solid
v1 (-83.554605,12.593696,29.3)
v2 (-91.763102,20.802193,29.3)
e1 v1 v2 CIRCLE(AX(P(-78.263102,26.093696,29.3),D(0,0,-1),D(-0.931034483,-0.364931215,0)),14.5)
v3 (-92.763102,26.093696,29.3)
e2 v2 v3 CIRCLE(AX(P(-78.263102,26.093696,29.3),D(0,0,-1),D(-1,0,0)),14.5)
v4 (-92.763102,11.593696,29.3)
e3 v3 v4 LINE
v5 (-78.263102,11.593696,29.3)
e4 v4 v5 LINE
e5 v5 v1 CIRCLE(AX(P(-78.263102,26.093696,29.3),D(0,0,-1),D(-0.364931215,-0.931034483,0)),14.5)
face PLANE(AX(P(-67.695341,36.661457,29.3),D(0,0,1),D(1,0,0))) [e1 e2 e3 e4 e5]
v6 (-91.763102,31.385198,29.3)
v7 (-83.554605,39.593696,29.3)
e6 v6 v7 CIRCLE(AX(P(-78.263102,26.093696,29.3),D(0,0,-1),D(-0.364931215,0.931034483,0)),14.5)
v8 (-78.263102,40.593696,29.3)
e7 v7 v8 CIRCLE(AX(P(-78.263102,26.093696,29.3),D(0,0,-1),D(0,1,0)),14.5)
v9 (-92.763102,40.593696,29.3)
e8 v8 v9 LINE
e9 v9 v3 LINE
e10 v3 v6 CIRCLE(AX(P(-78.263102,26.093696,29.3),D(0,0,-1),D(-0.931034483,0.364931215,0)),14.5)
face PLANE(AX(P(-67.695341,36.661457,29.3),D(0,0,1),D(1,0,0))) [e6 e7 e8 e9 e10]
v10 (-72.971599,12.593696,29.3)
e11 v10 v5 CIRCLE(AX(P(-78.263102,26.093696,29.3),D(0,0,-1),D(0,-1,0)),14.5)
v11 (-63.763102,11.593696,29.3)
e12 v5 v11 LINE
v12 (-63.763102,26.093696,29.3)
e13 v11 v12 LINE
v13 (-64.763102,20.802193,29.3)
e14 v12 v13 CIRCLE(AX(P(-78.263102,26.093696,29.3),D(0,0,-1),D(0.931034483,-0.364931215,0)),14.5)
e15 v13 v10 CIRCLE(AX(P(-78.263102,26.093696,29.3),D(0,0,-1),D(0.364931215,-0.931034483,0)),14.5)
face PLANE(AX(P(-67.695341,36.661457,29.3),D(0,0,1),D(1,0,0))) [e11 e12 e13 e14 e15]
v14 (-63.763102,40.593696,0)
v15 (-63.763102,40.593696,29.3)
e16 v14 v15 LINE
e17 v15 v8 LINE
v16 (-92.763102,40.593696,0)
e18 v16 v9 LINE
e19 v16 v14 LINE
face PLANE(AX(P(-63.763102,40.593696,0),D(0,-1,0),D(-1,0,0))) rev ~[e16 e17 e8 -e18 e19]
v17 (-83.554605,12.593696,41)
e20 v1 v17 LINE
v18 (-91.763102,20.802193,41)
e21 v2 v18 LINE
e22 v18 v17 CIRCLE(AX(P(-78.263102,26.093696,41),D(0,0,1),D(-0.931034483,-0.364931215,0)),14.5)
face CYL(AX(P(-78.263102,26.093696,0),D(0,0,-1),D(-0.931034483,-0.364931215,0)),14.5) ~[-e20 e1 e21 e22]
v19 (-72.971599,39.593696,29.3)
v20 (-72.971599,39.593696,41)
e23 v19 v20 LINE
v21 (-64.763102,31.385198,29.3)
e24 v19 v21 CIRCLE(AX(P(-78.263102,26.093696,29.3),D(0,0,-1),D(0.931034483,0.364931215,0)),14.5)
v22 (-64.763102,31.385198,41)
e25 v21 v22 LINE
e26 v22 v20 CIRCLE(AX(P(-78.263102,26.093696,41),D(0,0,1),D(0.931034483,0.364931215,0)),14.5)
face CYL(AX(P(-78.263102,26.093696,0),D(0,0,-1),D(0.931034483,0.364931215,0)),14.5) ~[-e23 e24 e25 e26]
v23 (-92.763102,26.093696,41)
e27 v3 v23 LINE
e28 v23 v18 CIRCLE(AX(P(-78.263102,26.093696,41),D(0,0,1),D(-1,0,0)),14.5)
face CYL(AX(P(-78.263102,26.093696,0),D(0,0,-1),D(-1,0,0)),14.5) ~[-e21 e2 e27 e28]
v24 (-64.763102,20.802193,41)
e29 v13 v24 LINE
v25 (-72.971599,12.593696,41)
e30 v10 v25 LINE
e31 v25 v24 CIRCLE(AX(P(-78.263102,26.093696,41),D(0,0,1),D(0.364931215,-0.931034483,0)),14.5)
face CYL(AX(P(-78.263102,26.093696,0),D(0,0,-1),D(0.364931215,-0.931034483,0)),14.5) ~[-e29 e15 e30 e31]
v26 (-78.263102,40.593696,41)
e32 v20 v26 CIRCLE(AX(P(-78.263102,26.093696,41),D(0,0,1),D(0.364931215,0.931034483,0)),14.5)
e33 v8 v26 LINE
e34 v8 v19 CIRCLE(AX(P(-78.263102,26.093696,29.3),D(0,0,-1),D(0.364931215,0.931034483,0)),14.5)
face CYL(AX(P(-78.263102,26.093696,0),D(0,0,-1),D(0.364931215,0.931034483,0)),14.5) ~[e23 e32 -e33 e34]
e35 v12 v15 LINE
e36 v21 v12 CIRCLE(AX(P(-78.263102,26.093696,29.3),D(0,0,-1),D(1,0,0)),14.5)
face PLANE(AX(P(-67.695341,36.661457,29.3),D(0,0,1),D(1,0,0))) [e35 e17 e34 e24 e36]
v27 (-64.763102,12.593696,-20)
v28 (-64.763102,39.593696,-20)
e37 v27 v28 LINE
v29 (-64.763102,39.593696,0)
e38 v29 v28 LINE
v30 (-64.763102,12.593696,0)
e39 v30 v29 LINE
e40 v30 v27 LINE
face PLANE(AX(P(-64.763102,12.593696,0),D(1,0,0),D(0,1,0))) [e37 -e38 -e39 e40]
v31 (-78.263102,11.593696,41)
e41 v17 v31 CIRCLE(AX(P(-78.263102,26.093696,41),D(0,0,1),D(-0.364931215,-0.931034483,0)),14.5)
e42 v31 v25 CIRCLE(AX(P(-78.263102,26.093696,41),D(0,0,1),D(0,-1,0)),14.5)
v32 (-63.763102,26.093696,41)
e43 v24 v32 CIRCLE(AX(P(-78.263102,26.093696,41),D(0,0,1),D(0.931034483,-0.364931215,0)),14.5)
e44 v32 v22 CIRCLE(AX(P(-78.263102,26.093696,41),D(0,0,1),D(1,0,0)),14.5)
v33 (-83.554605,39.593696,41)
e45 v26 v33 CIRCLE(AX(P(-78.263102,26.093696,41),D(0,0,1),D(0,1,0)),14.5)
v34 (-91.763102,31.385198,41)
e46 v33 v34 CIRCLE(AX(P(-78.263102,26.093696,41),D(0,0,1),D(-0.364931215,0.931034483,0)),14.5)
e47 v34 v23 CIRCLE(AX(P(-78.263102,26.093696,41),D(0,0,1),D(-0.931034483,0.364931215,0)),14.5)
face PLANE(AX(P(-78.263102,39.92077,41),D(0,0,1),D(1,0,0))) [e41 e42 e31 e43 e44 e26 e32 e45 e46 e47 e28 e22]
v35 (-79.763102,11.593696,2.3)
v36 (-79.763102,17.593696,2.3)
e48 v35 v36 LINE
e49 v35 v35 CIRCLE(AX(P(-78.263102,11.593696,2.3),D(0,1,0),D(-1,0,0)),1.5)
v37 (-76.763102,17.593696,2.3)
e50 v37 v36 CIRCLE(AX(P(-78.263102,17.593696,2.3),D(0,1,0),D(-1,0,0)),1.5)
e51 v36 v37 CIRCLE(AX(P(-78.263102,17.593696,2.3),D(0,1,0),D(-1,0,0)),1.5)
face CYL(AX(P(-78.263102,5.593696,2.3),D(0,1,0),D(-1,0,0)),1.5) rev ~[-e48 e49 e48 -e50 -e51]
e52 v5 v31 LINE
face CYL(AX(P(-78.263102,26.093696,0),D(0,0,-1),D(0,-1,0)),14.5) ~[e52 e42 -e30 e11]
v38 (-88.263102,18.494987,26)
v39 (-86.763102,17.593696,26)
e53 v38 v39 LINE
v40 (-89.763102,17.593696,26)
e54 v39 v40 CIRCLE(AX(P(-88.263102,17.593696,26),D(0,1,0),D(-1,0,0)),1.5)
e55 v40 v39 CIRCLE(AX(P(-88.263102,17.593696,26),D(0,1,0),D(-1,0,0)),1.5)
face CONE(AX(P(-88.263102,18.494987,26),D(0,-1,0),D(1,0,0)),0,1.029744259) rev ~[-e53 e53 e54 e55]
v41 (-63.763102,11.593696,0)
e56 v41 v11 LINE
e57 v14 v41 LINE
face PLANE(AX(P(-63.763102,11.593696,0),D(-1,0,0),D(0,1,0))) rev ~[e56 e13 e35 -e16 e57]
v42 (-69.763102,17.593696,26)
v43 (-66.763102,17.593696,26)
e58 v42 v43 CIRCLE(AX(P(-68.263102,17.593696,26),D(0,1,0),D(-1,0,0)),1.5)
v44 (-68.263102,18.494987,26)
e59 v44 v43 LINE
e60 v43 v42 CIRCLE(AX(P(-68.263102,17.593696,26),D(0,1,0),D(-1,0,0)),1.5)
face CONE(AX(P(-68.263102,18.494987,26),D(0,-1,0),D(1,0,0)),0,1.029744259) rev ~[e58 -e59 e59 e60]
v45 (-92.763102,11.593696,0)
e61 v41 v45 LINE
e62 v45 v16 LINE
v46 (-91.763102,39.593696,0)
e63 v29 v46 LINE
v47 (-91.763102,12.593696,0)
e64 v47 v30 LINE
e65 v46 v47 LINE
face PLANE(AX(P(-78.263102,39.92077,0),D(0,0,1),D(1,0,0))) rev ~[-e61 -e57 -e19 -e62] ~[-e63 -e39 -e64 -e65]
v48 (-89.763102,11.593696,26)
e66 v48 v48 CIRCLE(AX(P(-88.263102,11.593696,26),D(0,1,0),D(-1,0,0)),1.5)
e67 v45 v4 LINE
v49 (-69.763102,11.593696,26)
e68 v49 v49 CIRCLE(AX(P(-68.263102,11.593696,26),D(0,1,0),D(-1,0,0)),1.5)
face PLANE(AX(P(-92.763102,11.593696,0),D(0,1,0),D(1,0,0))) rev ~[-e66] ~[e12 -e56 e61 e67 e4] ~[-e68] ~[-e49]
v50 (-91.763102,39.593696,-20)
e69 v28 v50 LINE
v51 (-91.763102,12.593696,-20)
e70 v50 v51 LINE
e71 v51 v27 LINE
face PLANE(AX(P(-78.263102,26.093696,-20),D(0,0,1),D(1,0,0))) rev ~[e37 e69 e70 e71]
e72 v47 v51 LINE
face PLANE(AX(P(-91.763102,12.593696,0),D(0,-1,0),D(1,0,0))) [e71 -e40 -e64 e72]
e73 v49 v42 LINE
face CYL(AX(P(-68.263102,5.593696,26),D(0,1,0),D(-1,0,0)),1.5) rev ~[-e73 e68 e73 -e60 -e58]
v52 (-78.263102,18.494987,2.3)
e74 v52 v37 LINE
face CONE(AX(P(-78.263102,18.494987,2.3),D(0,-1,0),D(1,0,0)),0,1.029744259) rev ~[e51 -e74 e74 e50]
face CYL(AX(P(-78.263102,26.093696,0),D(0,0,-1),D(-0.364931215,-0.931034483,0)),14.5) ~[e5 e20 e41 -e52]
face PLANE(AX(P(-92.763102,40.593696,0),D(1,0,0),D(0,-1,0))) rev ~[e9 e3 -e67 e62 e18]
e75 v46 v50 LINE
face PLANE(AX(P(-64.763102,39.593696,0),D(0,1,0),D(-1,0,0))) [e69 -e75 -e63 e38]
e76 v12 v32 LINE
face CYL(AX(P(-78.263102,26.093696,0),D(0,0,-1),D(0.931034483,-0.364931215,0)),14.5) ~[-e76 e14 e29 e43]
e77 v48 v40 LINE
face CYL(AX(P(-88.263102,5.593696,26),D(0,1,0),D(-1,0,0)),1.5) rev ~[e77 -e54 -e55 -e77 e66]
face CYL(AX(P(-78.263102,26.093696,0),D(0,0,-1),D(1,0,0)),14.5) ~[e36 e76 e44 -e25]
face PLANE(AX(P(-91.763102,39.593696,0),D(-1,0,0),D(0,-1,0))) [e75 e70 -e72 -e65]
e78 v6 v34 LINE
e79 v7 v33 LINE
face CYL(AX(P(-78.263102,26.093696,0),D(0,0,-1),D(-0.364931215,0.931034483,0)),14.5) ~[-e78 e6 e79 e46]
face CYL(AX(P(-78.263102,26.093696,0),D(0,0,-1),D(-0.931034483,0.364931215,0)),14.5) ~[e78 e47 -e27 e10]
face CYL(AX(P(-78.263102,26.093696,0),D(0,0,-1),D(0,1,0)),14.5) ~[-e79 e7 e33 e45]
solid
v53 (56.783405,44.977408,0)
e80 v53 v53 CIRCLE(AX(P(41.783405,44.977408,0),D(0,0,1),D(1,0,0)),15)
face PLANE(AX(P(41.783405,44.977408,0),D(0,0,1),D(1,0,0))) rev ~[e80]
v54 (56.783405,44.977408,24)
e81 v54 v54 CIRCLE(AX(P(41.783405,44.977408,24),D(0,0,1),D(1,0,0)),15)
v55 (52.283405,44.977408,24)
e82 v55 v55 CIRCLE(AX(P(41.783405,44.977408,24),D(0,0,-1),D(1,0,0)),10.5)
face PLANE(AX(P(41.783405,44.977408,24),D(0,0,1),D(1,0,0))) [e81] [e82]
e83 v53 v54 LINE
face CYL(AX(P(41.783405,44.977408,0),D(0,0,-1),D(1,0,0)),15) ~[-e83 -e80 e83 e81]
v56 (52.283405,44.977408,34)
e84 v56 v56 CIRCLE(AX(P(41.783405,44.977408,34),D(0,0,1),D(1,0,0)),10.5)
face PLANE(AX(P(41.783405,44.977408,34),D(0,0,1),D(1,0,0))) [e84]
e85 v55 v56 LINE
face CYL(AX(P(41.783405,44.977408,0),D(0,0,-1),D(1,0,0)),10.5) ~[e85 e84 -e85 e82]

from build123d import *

# Parameters (mm, degrees)
F1_DEPTH = 29.3
F2_DEPTH = 41
F0_R     = 15
F0_R_2   = 10.5
F3_DEPTH = 24
F4_DEPTH = 34
F5_DEPTH = 20
F7_D     = 3
F7_DEPTH = 6
F7_TIP   = 0.9012909285


with BuildPart() as f1:
    # F0 (on Top) → F1 (new body)
    with BuildSketch(Plane.XY):
        with BuildLine():
            Line((-63.763101964, 40.5936958569), (-78.263101964, 40.5936958569))
            ThreePointArc((-78.263101964, 40.5936958569), (-75.5705195605, 40.3415027057), (-72.9715993419, 39.5936958569))
            Line((-72.9715993419, 39.5936958569), (-64.763101964, 39.5936958569))
            Line((-64.763101964, 39.5936958569), (-64.763101964, 31.3851984791))
            ThreePointArc((-64.763101964, 31.3851984791), (-64.0152951153, 28.7862782605), (-63.763101964, 26.0936958569))
            Line((-63.763101964, 26.0936958569), (-63.763101964, 40.5936958569))
        make_face()
        with BuildLine():
            Line((-63.763101964, 11.5936958569), (-63.763101964, 26.0936958569))
            ThreePointArc((-63.763101964, 26.0936958569), (-64.0152951153, 23.4011134534), (-64.763101964, 20.8021932348))
            Line((-64.763101964, 20.8021932348), (-64.763101964, 12.5936958569))
            Line((-64.763101964, 12.5936958569), (-72.9715993419, 12.5936958569))
            ThreePointArc((-72.9715993419, 12.5936958569), (-75.5705195605, 11.8458890082), (-78.263101964, 11.5936958569))
            Line((-78.263101964, 11.5936958569), (-63.763101964, 11.5936958569))
        make_face()
        with BuildLine():
            ThreePointArc((-72.9715993419, 39.5936958569), (-75.5705195605, 40.3415027057), (-78.263101964, 40.5936958569))
            ThreePointArc((-78.263101964, 40.5936958569), (-80.9556843676, 40.3415027057), (-83.5546045862, 39.5936958569))
            Line((-83.5546045862, 39.5936958569), (-72.9715993419, 39.5936958569))
        make_face()
        with BuildLine():
            Line((-78.263101964, 40.5936958569), (-92.763101964, 40.5936958569))
            Line((-92.763101964, 40.5936958569), (-92.763101964, 26.0936958569))
            ThreePointArc((-92.763101964, 26.0936958569), (-92.5109088128, 28.7862782605), (-91.763101964, 31.3851984791))
            Line((-91.763101964, 31.3851984791), (-91.763101964, 39.5936958569))
            Line((-91.763101964, 39.5936958569), (-83.5546045862, 39.5936958569))
            ThreePointArc((-83.5546045862, 39.5936958569), (-80.9556843676, 40.3415027057), (-78.263101964, 40.5936958569))
        make_face()
        with BuildLine():
            ThreePointArc((-64.763101964, 31.3851984791), (-68.0100536368, 36.3467441841), (-72.9715993419, 39.5936958569))
            Line((-72.9715993419, 39.5936958569), (-83.5546045862, 39.5936958569))
            ThreePointArc((-83.5546045862, 39.5936958569), (-88.5161502912, 36.3467441841), (-91.763101964, 31.3851984791))
            Line((-91.763101964, 31.3851984791), (-91.763101964, 20.8021932348))
            ThreePointArc((-91.763101964, 20.8021932348), (-88.5161502912, 15.8406475297), (-83.5546045862, 12.5936958569))
            Line((-83.5546045862, 12.5936958569), (-72.9715993419, 12.5936958569))
            ThreePointArc((-72.9715993419, 12.5936958569), (-68.0100536368, 15.8406475297), (-64.763101964, 20.8021932348))
            Line((-64.763101964, 20.8021932348), (-64.763101964, 31.3851984791))
        make_face()
        with BuildLine():
            Line((-64.763101964, 39.5936958569), (-72.9715993419, 39.5936958569))
            ThreePointArc((-72.9715993419, 39.5936958569), (-68.0100536368, 36.3467441841), (-64.763101964, 31.3851984791))
            Line((-64.763101964, 31.3851984791), (-64.763101964, 39.5936958569))
        make_face()
        with BuildLine():
            ThreePointArc((-91.763101964, 31.3851984791), (-88.5161502912, 36.3467441841), (-83.5546045862, 39.5936958569))
            Line((-83.5546045862, 39.5936958569), (-91.763101964, 39.5936958569))
            Line((-91.763101964, 39.5936958569), (-91.763101964, 31.3851984791))
        make_face()
        with BuildLine():
            ThreePointArc((-83.5546045862, 12.5936958569), (-88.5161502912, 15.8406475297), (-91.763101964, 20.8021932348))
            Line((-91.763101964, 20.8021932348), (-91.763101964, 12.5936958569))
            Line((-91.763101964, 12.5936958569), (-83.5546045862, 12.5936958569))
        make_face()
        with BuildLine():
            Line((-64.763101964, 12.5936958569), (-64.763101964, 20.8021932348))
            ThreePointArc((-64.763101964, 20.8021932348), (-68.0100536368, 15.8406475297), (-72.9715993419, 12.5936958569))
            Line((-72.9715993419, 12.5936958569), (-64.763101964, 12.5936958569))
        make_face()
        with BuildLine():
            ThreePointArc((-83.5546045862, 12.5936958569), (-80.9556843676, 11.8458890082), (-78.263101964, 11.5936958569))
            ThreePointArc((-78.263101964, 11.5936958569), (-75.5705195605, 11.8458890082), (-72.9715993419, 12.5936958569))
            Line((-72.9715993419, 12.5936958569), (-83.5546045862, 12.5936958569))
        make_face()
        with BuildLine():
            ThreePointArc((-91.763101964, 20.8021932348), (-92.5109088128, 23.4011134534), (-92.763101964, 26.0936958569))
            Line((-92.763101964, 26.0936958569), (-92.763101964, 11.5936958569))
            Line((-92.763101964, 11.5936958569), (-78.263101964, 11.5936958569))
            ThreePointArc((-78.263101964, 11.5936958569), (-80.9556843676, 11.8458890082), (-83.5546045862, 12.5936958569))
            Line((-83.5546045862, 12.5936958569), (-91.763101964, 12.5936958569))
            Line((-91.763101964, 12.5936958569), (-91.763101964, 20.8021932348))
        make_face()
        with BuildLine():
            ThreePointArc((-64.763101964, 20.8021932348), (-64.0152951153, 23.4011134534), (-63.763101964, 26.0936958569))
            ThreePointArc((-63.763101964, 26.0936958569), (-64.0152951153, 28.7862782605), (-64.763101964, 31.3851984791))
            Line((-64.763101964, 31.3851984791), (-64.763101964, 20.8021932348))
        make_face()
        with BuildLine():
            ThreePointArc((-91.763101964, 31.3851984791), (-92.5109088128, 28.7862782605), (-92.763101964, 26.0936958569))
            ThreePointArc((-92.763101964, 26.0936958569), (-92.5109088128, 23.4011134534), (-91.763101964, 20.8021932348))
            Line((-91.763101964, 20.8021932348), (-91.763101964, 31.3851984791))
        make_face()
    extrude(amount=F1_DEPTH)

    # F0 (on Top) → F2 (join)
    with BuildSketch(Plane.XY):
        with BuildLine():
            ThreePointArc((-72.9715993419, 39.5936958569), (-75.5705195605, 40.3415027057), (-78.263101964, 40.5936958569))
            ThreePointArc((-78.263101964, 40.5936958569), (-80.9556843676, 40.3415027057), (-83.5546045862, 39.5936958569))
            Line((-83.5546045862, 39.5936958569), (-72.9715993419, 39.5936958569))
        make_face()
        with BuildLine():
            ThreePointArc((-64.763101964, 31.3851984791), (-68.0100536368, 36.3467441841), (-72.9715993419, 39.5936958569))
            Line((-72.9715993419, 39.5936958569), (-83.5546045862, 39.5936958569))
            ThreePointArc((-83.5546045862, 39.5936958569), (-88.5161502912, 36.3467441841), (-91.763101964, 31.3851984791))
            Line((-91.763101964, 31.3851984791), (-91.763101964, 20.8021932348))
            ThreePointArc((-91.763101964, 20.8021932348), (-88.5161502912, 15.8406475297), (-83.5546045862, 12.5936958569))
            Line((-83.5546045862, 12.5936958569), (-72.9715993419, 12.5936958569))
            ThreePointArc((-72.9715993419, 12.5936958569), (-68.0100536368, 15.8406475297), (-64.763101964, 20.8021932348))
            Line((-64.763101964, 20.8021932348), (-64.763101964, 31.3851984791))
        make_face()
        with BuildLine():
            ThreePointArc((-91.763101964, 31.3851984791), (-92.5109088128, 28.7862782605), (-92.763101964, 26.0936958569))
            ThreePointArc((-92.763101964, 26.0936958569), (-92.5109088128, 23.4011134534), (-91.763101964, 20.8021932348))
            Line((-91.763101964, 20.8021932348), (-91.763101964, 31.3851984791))
        make_face()
        with BuildLine():
            ThreePointArc((-83.5546045862, 12.5936958569), (-80.9556843676, 11.8458890082), (-78.263101964, 11.5936958569))
            ThreePointArc((-78.263101964, 11.5936958569), (-75.5705195605, 11.8458890082), (-72.9715993419, 12.5936958569))
            Line((-72.9715993419, 12.5936958569), (-83.5546045862, 12.5936958569))
        make_face()
        with BuildLine():
            ThreePointArc((-64.763101964, 20.8021932348), (-64.0152951153, 23.4011134534), (-63.763101964, 26.0936958569))
            ThreePointArc((-63.763101964, 26.0936958569), (-64.0152951153, 28.7862782605), (-64.763101964, 31.3851984791))
            Line((-64.763101964, 31.3851984791), (-64.763101964, 20.8021932348))
        make_face()
    extrude(amount=F2_DEPTH)

    # F0 (on Top) → F5 (join)
    with BuildSketch(Plane.XY):
        with BuildLine():
            ThreePointArc((-64.763101964, 31.3851984791), (-68.0100536368, 36.3467441841), (-72.9715993419, 39.5936958569))
            Line((-72.9715993419, 39.5936958569), (-83.5546045862, 39.5936958569))
            ThreePointArc((-83.5546045862, 39.5936958569), (-88.5161502912, 36.3467441841), (-91.763101964, 31.3851984791))
            Line((-91.763101964, 31.3851984791), (-91.763101964, 20.8021932348))
            ThreePointArc((-91.763101964, 20.8021932348), (-88.5161502912, 15.8406475297), (-83.5546045862, 12.5936958569))
            Line((-83.5546045862, 12.5936958569), (-72.9715993419, 12.5936958569))
            ThreePointArc((-72.9715993419, 12.5936958569), (-68.0100536368, 15.8406475297), (-64.763101964, 20.8021932348))
            Line((-64.763101964, 20.8021932348), (-64.763101964, 31.3851984791))
        make_face()
        with BuildLine():
            Line((-64.763101964, 39.5936958569), (-72.9715993419, 39.5936958569))
            ThreePointArc((-72.9715993419, 39.5936958569), (-68.0100536368, 36.3467441841), (-64.763101964, 31.3851984791))
            Line((-64.763101964, 31.3851984791), (-64.763101964, 39.5936958569))
        make_face()
        with BuildLine():
            ThreePointArc((-91.763101964, 31.3851984791), (-88.5161502912, 36.3467441841), (-83.5546045862, 39.5936958569))
            Line((-83.5546045862, 39.5936958569), (-91.763101964, 39.5936958569))
            Line((-91.763101964, 39.5936958569), (-91.763101964, 31.3851984791))
        make_face()
        with BuildLine():
            ThreePointArc((-83.5546045862, 12.5936958569), (-88.5161502912, 15.8406475297), (-91.763101964, 20.8021932348))
            Line((-91.763101964, 20.8021932348), (-91.763101964, 12.5936958569))
            Line((-91.763101964, 12.5936958569), (-83.5546045862, 12.5936958569))
        make_face()
        with BuildLine():
            Line((-64.763101964, 12.5936958569), (-64.763101964, 20.8021932348))
            ThreePointArc((-64.763101964, 20.8021932348), (-68.0100536368, 15.8406475297), (-72.9715993419, 12.5936958569))
            Line((-72.9715993419, 12.5936958569), (-64.763101964, 12.5936958569))
        make_face()
    extrude(amount=-F5_DEPTH)

    # F7
    with Locations(Plane.XZ.offset(-11.5936958569)):
        with Locations((-68.263101964, 26), (-78.263101964, 2.3), (-88.263101964, 26)):
            Hole(F7_D / 2, depth=F7_DEPTH)
            with Locations((0, 0, -(F7_DEPTH + F7_TIP / 2))):  # 118° drill point
                Cone(0, F7_D / 2, F7_TIP, mode=Mode.SUBTRACT)


with BuildPart() as f3:
    # F0 (on Top) → F3 (new body)
    with BuildSketch(Plane.XY):
        with Locations((41.7834050647, 44.9774078268)):
            Circle(F0_R)
        with Locations((41.7834050647, 44.9774078268)):
            Circle(F0_R_2, mode=Mode.SUBTRACT)
        with Locations((41.7834050647, 44.9774078268)):
            Circle(F0_R_2)
    extrude(amount=F3_DEPTH)

    # F0 (on Top) → F4 (join)
    with BuildSketch(Plane.XY):
        with Locations((41.7834050647, 44.9774078268)):
            Circle(F0_R_2)
    extrude(amount=F4_DEPTH)


solid = Compound([f1.part, f3.part])
